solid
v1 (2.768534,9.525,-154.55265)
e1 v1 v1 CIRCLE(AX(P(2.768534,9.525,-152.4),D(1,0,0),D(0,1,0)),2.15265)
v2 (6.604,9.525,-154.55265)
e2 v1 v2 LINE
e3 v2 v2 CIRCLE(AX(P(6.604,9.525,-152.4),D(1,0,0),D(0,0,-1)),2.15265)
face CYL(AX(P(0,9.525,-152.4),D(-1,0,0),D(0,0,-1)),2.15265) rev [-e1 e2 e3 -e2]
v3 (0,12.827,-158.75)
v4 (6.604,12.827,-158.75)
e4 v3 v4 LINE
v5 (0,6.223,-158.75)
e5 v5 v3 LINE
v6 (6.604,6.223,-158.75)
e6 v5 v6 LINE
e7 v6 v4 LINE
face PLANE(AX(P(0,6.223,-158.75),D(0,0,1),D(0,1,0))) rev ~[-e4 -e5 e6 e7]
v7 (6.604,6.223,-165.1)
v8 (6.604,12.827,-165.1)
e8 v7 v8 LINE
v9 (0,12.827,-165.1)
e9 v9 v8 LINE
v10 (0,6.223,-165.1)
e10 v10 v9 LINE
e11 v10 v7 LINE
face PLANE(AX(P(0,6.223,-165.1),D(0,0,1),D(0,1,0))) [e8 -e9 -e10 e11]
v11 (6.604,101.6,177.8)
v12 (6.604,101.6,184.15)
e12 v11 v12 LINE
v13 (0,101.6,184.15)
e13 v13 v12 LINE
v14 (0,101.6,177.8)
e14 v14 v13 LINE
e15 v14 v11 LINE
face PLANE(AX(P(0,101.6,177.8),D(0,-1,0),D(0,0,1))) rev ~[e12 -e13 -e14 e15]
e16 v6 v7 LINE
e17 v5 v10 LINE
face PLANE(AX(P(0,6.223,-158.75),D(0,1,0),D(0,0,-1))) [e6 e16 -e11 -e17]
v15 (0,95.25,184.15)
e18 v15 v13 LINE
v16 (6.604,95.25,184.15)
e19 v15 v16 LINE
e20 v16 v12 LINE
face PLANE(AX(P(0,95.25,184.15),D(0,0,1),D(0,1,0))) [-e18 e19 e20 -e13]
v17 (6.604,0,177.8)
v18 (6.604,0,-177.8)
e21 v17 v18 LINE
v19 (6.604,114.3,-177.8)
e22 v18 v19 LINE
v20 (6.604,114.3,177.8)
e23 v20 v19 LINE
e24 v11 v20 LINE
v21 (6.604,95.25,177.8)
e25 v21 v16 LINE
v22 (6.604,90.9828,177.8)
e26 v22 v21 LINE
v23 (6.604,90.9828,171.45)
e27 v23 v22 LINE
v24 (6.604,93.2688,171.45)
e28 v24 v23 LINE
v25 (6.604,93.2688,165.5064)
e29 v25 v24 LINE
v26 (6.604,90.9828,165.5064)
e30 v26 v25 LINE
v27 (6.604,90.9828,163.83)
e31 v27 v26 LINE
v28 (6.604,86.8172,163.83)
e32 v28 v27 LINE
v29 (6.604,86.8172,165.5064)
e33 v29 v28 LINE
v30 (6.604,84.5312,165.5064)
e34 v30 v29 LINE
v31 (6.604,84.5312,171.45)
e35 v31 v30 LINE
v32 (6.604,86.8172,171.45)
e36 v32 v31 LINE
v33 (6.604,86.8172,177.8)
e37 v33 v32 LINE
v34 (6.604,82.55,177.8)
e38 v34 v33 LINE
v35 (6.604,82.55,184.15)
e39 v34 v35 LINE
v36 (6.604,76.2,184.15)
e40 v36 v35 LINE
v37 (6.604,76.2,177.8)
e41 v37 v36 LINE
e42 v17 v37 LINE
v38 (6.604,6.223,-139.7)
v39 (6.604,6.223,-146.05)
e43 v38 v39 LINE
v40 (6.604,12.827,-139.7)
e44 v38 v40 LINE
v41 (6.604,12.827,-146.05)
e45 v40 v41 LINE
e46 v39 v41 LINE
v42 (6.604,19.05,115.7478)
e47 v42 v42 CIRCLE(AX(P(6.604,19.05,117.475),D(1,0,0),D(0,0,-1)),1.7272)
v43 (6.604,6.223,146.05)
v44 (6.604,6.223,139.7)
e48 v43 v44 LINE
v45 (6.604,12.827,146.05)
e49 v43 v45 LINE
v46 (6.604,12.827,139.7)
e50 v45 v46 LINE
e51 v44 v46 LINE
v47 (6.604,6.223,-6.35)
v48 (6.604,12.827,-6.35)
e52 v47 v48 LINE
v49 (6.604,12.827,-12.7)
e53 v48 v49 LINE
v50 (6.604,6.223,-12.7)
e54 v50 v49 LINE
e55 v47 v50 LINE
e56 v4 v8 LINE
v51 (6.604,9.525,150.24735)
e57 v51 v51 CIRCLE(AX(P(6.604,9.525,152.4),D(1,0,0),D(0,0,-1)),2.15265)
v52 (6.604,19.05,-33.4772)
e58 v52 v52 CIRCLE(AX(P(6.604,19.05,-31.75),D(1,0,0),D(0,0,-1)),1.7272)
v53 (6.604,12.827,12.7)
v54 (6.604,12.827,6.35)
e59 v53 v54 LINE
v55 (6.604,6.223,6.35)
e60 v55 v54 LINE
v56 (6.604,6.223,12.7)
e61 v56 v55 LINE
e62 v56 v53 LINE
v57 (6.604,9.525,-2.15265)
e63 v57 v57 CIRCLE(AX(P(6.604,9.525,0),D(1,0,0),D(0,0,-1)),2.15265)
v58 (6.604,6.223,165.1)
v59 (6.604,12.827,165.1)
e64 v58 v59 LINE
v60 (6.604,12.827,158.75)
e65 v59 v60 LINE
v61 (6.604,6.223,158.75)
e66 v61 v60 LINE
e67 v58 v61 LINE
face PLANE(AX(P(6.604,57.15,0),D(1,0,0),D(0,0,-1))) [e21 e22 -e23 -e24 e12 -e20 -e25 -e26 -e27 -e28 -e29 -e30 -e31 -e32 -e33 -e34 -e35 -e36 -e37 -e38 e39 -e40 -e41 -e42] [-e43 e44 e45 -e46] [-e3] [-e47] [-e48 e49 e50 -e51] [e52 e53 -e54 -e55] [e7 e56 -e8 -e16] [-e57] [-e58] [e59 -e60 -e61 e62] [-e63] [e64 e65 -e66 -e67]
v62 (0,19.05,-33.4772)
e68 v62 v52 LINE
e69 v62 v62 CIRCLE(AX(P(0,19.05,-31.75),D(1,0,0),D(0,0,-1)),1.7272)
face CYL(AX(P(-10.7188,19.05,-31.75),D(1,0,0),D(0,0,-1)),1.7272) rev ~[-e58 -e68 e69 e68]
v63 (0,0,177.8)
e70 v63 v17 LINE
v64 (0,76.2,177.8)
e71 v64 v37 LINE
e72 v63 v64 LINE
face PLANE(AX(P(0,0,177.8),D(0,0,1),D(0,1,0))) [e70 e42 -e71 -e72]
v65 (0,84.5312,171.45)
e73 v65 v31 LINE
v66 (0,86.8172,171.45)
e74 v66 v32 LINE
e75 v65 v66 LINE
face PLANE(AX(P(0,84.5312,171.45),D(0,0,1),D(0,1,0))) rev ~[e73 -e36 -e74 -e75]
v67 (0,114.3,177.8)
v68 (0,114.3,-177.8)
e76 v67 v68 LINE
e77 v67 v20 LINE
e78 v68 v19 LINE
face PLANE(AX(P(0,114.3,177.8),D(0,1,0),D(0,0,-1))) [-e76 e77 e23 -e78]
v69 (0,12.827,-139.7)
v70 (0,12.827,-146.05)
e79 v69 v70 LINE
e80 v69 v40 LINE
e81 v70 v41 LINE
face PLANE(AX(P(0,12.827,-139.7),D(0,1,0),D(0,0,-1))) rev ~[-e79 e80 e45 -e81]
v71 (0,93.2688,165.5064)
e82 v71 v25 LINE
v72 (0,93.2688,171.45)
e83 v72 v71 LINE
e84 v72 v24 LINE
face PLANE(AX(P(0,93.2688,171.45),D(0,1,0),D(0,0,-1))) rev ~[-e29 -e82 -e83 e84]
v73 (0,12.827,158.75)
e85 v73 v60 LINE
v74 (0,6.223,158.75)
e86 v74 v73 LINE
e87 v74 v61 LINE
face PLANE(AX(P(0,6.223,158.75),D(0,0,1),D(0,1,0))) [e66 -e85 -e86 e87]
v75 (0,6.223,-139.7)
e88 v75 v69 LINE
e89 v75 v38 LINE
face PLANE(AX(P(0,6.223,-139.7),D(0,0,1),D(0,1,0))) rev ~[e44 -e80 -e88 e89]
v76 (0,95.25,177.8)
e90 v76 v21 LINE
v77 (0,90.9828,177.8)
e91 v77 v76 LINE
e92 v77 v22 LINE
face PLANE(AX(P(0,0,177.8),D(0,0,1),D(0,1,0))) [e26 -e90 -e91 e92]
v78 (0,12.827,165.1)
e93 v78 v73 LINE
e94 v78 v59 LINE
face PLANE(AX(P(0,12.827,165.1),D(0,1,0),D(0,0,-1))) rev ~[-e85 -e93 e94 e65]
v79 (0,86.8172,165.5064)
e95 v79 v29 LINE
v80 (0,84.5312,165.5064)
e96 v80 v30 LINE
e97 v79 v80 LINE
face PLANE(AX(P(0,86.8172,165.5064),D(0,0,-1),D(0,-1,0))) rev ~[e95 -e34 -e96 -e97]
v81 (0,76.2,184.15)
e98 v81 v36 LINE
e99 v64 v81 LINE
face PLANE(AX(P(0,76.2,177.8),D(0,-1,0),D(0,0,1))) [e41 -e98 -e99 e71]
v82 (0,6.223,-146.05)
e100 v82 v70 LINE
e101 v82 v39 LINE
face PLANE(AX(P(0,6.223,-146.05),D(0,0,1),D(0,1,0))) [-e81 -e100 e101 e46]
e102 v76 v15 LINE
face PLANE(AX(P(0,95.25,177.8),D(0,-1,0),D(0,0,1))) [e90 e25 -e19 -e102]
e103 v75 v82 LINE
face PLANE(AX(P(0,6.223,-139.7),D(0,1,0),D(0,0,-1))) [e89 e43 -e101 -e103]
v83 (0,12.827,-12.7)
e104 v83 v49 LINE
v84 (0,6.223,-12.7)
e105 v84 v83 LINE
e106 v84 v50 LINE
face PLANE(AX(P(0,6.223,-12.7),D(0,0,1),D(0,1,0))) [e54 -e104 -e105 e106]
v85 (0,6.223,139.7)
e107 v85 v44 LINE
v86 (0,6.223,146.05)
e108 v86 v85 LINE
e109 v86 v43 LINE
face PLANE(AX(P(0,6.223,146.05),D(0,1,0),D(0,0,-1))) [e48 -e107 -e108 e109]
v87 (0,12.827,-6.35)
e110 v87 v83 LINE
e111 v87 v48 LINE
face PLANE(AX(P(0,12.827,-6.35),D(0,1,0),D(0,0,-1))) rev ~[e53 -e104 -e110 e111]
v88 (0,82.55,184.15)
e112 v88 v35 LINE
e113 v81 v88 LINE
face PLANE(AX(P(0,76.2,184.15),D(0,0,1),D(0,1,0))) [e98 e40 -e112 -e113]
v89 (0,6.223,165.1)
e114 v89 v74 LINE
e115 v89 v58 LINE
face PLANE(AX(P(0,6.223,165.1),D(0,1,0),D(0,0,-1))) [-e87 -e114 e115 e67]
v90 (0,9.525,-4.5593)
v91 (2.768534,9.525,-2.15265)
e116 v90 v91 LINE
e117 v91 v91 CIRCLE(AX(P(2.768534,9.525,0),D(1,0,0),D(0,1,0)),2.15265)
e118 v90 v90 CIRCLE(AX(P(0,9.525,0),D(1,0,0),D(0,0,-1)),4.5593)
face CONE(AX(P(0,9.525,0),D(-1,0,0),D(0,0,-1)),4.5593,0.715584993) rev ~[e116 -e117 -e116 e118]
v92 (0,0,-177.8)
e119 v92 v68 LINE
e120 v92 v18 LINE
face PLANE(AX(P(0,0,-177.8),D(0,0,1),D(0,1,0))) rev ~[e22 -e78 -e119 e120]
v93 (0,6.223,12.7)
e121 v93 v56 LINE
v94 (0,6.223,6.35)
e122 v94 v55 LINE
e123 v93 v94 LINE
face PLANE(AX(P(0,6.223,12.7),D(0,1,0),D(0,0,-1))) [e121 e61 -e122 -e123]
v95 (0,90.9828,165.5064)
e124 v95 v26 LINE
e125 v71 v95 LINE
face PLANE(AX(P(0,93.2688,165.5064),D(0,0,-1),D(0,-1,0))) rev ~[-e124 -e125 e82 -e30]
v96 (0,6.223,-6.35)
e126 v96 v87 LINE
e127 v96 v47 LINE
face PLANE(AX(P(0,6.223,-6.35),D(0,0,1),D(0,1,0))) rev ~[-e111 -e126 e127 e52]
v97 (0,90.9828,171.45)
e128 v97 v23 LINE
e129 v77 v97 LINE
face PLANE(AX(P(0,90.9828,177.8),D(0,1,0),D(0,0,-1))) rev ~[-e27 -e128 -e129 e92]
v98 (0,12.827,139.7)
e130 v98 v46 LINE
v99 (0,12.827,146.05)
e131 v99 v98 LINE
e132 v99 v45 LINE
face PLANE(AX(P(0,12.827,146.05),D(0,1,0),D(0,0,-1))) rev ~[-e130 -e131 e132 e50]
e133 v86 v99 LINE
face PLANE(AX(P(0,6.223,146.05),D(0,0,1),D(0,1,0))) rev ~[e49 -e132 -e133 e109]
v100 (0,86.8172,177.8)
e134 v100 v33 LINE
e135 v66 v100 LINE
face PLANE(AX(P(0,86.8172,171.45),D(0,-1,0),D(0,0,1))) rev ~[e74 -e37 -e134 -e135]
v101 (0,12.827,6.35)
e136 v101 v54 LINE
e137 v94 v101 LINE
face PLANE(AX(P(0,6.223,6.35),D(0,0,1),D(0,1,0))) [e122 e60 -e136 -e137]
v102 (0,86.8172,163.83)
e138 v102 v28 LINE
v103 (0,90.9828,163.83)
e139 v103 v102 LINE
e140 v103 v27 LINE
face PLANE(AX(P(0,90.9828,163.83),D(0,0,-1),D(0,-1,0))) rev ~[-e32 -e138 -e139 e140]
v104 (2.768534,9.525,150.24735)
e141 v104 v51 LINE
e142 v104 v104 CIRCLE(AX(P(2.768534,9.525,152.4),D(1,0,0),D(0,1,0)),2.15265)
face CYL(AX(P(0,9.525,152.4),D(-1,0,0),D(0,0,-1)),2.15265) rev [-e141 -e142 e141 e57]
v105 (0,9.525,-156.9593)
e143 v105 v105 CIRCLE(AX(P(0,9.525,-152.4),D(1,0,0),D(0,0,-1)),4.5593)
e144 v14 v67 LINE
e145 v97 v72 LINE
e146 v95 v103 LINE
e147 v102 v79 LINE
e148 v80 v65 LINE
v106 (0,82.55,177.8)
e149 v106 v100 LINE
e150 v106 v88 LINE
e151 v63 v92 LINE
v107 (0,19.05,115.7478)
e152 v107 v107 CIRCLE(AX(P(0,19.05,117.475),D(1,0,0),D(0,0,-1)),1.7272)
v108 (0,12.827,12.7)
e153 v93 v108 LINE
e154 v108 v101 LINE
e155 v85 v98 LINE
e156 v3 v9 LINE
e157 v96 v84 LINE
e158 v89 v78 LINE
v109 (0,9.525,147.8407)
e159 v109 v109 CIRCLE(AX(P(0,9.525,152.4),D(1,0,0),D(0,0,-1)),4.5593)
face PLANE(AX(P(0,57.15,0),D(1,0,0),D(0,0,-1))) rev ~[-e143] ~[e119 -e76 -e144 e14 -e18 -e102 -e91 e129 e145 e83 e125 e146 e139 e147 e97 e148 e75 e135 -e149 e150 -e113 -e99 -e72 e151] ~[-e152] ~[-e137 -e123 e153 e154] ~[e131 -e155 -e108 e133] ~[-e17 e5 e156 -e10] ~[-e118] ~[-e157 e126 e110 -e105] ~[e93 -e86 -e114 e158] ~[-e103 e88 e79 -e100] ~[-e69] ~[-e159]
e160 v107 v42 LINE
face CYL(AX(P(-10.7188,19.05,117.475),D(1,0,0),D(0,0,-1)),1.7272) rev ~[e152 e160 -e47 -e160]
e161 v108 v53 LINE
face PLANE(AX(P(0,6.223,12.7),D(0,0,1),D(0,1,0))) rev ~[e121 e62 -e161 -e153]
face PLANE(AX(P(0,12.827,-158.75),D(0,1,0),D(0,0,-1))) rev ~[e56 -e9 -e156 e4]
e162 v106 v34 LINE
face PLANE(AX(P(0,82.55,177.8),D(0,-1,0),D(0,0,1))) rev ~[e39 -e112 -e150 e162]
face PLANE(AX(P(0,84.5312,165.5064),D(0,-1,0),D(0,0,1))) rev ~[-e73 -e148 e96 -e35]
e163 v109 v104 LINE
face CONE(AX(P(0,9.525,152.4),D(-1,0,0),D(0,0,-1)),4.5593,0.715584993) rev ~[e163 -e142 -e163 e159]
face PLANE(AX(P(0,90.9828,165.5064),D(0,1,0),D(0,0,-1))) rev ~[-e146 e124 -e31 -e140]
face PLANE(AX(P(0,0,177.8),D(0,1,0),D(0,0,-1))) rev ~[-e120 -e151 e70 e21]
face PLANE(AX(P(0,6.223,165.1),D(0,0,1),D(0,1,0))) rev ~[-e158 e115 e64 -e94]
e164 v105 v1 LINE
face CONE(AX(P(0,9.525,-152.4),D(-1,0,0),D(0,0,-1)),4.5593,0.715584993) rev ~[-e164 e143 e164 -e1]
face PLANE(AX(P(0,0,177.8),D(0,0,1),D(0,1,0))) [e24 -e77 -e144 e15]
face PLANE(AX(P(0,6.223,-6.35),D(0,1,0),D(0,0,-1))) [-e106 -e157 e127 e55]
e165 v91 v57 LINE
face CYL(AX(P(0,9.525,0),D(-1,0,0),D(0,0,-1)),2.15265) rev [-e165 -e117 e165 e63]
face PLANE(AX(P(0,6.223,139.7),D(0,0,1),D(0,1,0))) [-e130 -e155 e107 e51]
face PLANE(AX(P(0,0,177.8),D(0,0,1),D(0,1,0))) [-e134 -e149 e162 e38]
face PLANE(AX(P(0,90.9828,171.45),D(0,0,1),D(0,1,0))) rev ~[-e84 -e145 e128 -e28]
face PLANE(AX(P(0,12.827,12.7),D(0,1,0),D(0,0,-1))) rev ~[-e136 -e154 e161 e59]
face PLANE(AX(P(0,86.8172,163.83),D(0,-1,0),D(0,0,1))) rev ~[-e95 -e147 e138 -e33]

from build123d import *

# Parameters (mm, degrees)
SKETCH1_W                                         = 355.6
SKETCH1_H                                         = 114.3
SKETCH1_R                                         = 2.15265
SKETCH1_W_2                                       = 6.35
SKETCH1_H_2                                       = 6.604
BOSS_EXTRUDE1_DEPTH                               = 6.604
CUT_EXTRUDE1_DEPTH                                = 7.604
SKETCH6_W                                         = 6.35
SKETCH6_H                                         = 6.35
BOSS_EXTRUDE2_DEPTH                               = 6.604
CSK_FOR_8_FLAT_HEAD_SOCKET_CAP_SCREW1_D           = 4.3053
CSK_FOR_8_FLAT_HEAD_SOCKET_CAP_SCREW1_CSINK_D     = 9.1186
CSK_FOR_8_FLAT_HEAD_SOCKET_CAP_SCREW1_CSINK_ANGLE = 82
F_8_32_TAPPED_HOLE1_D                             = 3.4544
F_8_32_TAPPED_HOLE1_DEPTH                         = 10.7188
F_8_32_TAPPED_HOLE1_TIP                           = 1.037806461


with BuildPart() as part:
    # Sketch1 → Boss-Extrude1 (new body)
    with BuildSketch(Plane(origin=(0, 0, 0), x_dir=(0, 0, -1), z_dir=(1, 0, 0))):
        with Locations((0, 57.15)):
            Rectangle(SKETCH1_W, SKETCH1_H)
        with Locations((-152.4, 9.525)):
            Circle(SKETCH1_R, mode=Mode.SUBTRACT)
        with Locations((0, 9.525)):
            Circle(SKETCH1_R, mode=Mode.SUBTRACT)
        with Locations((152.4, 9.525)):
            Circle(SKETCH1_R, mode=Mode.SUBTRACT)
        with Locations((-142.875, 9.525)):
            Rectangle(SKETCH1_W_2, SKETCH1_H_2, mode=Mode.SUBTRACT)
        with Locations((-161.925, 9.525)):
            Rectangle(SKETCH1_W_2, SKETCH1_H_2, mode=Mode.SUBTRACT)
        with Locations((9.525, 9.525)):
            Rectangle(SKETCH1_W_2, SKETCH1_H_2, mode=Mode.SUBTRACT)
        with Locations((-9.525, 9.525)):
            Rectangle(SKETCH1_W_2, SKETCH1_H_2, mode=Mode.SUBTRACT)
        with Locations((161.925, 9.525)):
            Rectangle(SKETCH1_W_2, SKETCH1_H_2, mode=Mode.SUBTRACT)
        with Locations((142.875, 9.525)):
            Rectangle(SKETCH1_W_2, SKETCH1_H_2, mode=Mode.SUBTRACT)
    extrude(amount=BOSS_EXTRUDE1_DEPTH)

    # Sketch5 → Cut-Extrude1 (cut, through all)
    with BuildSketch(Plane.ZY):
        Polygon((177.8, 90.9828), (171.45, 90.9828), (171.45, 93.2688), (165.5064, 93.2688), (165.5064, 90.9828), (163.83, 90.9828), (163.83, 86.8172), (165.5064, 86.8172), (165.5064, 84.5312), (171.45, 84.5312), (171.45, 86.8172), (177.8, 86.8172), align=None)
    extrude(amount=-CUT_EXTRUDE1_DEPTH, mode=Mode.SUBTRACT)

    # Sketch6 → Boss-Extrude2 (add)
    with BuildSketch(Plane.ZY):
        with Locations((180.975, 98.425)):
            Rectangle(SKETCH6_W, SKETCH6_H)
        with Locations((180.975, 79.375)):
            Rectangle(SKETCH6_W, SKETCH6_H)
    extrude(amount=-BOSS_EXTRUDE2_DEPTH)

    # CSK for #8 Flat Head Socket Cap Screw1 (through all)
    with Locations(Plane.ZY):
        with Locations((-152.4, 9.525), (0, 9.525), (152.4, 9.525)):
            CounterSinkHole(CSK_FOR_8_FLAT_HEAD_SOCKET_CAP_SCREW1_D / 2, CSK_FOR_8_FLAT_HEAD_SOCKET_CAP_SCREW1_CSINK_D / 2, counter_sink_angle=CSK_FOR_8_FLAT_HEAD_SOCKET_CAP_SCREW1_CSINK_ANGLE)

    # #8-32 Tapped Hole1
    with Locations(Plane.ZY):
        with Locations((117.475, 19.05), (-31.75, 19.05)):
            Hole(F_8_32_TAPPED_HOLE1_D / 2, depth=F_8_32_TAPPED_HOLE1_DEPTH)
            with Locations((0, 0, -(F_8_32_TAPPED_HOLE1_DEPTH + F_8_32_TAPPED_HOLE1_TIP / 2))):  # 118° drill point
                Cone(0, F_8_32_TAPPED_HOLE1_D / 2, F_8_32_TAPPED_HOLE1_TIP, mode=Mode.SUBTRACT)


solid = part.part
